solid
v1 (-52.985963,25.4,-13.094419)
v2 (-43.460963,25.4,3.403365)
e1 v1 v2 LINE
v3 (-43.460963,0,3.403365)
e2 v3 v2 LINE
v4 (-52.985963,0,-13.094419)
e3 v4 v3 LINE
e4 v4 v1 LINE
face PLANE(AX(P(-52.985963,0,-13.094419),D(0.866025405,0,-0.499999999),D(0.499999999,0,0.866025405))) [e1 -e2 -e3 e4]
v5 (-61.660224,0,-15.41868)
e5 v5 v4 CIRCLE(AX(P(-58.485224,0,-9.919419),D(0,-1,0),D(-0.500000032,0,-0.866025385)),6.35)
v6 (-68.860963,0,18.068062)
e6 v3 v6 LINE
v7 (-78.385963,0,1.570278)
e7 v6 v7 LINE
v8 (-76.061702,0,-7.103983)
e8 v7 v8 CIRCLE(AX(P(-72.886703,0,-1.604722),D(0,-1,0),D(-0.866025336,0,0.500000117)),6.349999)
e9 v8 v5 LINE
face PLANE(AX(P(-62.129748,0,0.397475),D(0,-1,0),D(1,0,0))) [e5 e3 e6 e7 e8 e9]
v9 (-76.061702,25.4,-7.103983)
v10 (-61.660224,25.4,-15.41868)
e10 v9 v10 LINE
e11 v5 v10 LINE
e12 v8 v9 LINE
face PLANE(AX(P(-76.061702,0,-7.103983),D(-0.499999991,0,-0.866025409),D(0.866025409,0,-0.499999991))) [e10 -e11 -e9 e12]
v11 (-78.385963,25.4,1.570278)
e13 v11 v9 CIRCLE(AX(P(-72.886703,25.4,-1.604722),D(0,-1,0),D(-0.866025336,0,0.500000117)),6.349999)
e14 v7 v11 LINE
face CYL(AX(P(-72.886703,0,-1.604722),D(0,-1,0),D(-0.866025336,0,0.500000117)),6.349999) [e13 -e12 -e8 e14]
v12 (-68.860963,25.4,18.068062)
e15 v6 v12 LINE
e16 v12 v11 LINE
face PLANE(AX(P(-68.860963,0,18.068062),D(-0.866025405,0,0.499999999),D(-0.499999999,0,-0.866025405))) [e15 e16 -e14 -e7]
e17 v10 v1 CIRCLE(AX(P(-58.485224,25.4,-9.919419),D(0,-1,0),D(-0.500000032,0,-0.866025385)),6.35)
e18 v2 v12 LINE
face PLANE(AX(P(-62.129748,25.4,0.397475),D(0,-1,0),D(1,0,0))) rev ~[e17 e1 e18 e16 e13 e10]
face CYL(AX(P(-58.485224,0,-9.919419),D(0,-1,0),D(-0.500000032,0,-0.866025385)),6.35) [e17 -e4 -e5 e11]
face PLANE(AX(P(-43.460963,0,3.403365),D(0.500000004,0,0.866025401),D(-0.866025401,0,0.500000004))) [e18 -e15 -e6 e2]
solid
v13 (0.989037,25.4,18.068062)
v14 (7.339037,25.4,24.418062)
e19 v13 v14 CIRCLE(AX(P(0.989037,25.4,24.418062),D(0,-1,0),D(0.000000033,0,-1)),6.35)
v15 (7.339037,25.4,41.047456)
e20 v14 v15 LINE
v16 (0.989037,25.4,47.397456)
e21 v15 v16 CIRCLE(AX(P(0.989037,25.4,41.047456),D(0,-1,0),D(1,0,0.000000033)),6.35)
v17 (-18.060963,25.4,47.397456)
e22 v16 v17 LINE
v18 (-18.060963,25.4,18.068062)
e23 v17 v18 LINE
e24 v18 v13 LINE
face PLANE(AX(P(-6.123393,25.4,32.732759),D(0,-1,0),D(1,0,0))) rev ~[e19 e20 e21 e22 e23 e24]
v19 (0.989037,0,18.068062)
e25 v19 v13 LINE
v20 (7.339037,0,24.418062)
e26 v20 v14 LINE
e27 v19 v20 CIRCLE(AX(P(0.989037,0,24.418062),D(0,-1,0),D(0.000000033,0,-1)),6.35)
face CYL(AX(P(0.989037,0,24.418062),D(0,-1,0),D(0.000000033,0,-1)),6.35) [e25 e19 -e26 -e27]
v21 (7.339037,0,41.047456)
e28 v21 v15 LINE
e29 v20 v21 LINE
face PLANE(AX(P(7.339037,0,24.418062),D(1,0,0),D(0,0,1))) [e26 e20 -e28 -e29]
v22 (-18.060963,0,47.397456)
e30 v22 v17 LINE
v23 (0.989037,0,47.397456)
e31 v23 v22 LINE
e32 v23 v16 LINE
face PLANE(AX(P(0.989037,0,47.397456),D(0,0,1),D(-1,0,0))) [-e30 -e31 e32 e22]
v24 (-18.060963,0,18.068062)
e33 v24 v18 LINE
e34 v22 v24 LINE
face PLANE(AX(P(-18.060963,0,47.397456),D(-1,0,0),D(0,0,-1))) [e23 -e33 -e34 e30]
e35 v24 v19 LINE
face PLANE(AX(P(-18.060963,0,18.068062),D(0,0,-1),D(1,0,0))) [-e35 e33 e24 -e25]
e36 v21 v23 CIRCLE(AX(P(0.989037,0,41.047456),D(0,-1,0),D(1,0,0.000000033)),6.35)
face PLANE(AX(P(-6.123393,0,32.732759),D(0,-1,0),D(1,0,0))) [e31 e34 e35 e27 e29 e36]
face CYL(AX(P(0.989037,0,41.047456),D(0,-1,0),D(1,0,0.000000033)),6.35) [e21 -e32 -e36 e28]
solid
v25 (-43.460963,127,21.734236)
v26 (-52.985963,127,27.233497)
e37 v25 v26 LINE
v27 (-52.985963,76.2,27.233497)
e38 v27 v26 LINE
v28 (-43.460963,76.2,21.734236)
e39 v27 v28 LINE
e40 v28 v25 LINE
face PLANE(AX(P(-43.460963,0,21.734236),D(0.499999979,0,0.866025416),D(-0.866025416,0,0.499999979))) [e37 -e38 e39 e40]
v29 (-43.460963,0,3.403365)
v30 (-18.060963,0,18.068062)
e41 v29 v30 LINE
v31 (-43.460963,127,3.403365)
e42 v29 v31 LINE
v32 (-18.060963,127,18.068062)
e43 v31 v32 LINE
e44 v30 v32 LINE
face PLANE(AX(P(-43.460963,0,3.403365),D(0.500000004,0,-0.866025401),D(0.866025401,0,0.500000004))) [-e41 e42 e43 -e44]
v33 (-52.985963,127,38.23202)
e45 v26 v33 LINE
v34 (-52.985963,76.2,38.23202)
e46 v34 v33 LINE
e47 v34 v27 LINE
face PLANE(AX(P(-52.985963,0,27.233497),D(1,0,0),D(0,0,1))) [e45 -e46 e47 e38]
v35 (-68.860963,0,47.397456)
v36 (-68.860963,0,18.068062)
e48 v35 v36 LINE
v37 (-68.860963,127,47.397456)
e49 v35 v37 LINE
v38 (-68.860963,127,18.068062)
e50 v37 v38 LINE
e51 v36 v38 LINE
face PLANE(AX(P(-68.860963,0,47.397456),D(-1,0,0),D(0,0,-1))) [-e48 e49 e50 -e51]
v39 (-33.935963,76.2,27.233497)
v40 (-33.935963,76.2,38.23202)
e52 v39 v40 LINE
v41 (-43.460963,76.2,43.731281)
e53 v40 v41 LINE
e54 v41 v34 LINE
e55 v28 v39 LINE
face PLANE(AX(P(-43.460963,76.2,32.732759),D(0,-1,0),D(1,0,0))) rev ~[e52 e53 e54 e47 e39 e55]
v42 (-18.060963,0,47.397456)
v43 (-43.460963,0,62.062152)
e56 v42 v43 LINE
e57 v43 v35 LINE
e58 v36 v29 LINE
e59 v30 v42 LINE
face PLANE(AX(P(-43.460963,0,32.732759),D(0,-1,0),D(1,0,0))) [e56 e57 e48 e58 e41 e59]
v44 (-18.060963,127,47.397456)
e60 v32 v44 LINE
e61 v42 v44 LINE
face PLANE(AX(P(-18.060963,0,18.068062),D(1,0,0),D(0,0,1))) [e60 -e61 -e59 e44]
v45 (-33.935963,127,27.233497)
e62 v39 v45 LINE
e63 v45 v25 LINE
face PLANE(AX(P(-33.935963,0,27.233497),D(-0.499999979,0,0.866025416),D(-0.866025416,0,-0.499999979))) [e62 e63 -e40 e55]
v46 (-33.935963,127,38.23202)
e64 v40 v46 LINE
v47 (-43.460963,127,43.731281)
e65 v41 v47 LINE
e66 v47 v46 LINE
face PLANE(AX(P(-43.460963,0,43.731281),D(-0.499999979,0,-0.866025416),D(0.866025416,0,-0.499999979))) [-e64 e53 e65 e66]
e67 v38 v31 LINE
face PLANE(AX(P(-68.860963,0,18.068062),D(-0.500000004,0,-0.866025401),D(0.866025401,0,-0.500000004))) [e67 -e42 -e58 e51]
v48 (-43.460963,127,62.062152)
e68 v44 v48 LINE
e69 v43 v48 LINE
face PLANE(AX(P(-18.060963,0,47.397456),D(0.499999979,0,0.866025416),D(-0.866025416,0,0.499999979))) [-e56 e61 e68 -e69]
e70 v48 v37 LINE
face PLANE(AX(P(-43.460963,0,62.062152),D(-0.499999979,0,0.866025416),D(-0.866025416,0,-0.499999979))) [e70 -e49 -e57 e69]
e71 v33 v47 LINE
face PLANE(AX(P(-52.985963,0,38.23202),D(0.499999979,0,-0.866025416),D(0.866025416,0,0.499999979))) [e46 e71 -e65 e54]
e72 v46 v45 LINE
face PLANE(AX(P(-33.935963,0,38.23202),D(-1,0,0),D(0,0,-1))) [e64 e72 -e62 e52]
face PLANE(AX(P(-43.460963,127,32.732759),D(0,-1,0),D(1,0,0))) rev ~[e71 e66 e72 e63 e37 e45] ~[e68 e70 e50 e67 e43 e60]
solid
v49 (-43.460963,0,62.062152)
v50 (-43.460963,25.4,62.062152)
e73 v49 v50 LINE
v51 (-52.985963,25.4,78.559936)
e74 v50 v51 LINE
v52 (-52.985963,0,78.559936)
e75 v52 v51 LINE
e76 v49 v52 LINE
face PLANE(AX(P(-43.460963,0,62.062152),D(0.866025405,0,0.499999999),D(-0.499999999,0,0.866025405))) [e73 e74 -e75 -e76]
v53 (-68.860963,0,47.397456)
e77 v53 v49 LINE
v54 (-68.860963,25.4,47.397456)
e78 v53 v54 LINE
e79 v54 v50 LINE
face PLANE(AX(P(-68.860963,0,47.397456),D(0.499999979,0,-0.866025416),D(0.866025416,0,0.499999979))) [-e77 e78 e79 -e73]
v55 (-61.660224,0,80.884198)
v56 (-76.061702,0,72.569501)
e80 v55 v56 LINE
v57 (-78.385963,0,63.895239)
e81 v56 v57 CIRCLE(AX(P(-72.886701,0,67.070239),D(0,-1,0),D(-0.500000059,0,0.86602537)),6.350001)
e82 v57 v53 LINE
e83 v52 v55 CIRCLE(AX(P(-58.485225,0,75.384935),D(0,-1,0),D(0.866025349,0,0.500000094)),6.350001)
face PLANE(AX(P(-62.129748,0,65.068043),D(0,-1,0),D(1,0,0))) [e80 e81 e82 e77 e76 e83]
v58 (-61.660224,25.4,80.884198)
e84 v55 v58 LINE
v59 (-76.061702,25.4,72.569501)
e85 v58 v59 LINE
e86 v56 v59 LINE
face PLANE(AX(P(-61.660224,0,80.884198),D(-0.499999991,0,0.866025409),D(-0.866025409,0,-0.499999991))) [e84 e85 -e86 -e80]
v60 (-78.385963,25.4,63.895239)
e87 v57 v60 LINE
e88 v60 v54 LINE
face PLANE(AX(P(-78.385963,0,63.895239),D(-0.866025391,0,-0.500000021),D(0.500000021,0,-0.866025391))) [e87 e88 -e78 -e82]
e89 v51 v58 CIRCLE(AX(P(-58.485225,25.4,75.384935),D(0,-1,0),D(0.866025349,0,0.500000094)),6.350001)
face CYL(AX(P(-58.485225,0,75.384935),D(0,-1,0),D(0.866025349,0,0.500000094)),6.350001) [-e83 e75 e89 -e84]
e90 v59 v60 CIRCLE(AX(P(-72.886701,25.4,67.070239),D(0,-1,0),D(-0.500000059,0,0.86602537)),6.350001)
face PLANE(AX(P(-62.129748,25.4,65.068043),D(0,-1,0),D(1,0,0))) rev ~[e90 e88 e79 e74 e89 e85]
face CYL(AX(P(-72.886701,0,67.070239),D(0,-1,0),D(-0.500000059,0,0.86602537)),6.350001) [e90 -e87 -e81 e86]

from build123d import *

# Parameters (mm, degrees)
F1_DEPTH = 76.2
F2_DEPTH = 127
F3_DEPTH = 25.4


with BuildPart() as f1:
    # F0 (on Front) → F1 (new body)
    with BuildSketch(Plane.XZ):
        Polygon((-33.935963, 27.233497), (-33.935963, 38.23202), (-43.460963, 43.731281), (-52.985963, 38.23202), (-52.985963, 27.233497), (-43.460963, 21.734236), align=None)
    extrude(amount=-F1_DEPTH)

    # F0 (on Front) → F2 (join)
    with BuildSketch(Plane.XZ):
        Polygon((-18.060963, 18.068062), (-18.060963, 47.397456), (-43.460963, 62.062152), (-68.860963, 47.397456), (-68.860963, 18.068062), (-43.460963, 3.403365), align=None)
        Polygon((-43.460963, 43.731281), (-33.935963, 38.23202), (-33.935963, 27.233497), (-43.460963, 21.734236), (-52.985963, 27.233497), (-52.985963, 38.23202), align=None, mode=Mode.SUBTRACT)
    extrude(amount=-F2_DEPTH)


with BuildPart() as f3:
    # F0 (on Front) → F3 (new body)
    with BuildSketch(Plane.XZ):
        with BuildLine():
            Line((-68.860963, 47.397456), (-43.460963, 62.062152))
            Line((-43.460963, 62.062152), (-52.985963, 78.559936))
            ThreePointArc((-52.985963, 78.559936), (-56.841724, 81.518565), (-61.660224, 80.884198))
            Line((-61.660224, 80.884198), (-76.061702, 72.569501))
            ThreePointArc((-76.061702, 72.569501), (-79.020331, 68.71374), (-78.385963, 63.895239))
            Line((-78.385963, 63.895239), (-68.860963, 47.397456))
        make_face()
        with BuildLine():
            Line((-52.985963, -13.094419), (-43.460963, 3.403365))
            Line((-43.460963, 3.403365), (-68.860963, 18.068062))
            Line((-68.860963, 18.068062), (-78.385963, 1.570278))
            ThreePointArc((-78.385963, 1.570278), (-79.020331, -3.248223), (-76.061702, -7.103983))
            Line((-76.061702, -7.103983), (-61.660224, -15.41868))
            ThreePointArc((-61.660224, -15.41868), (-56.841724, -16.053048), (-52.985963, -13.094419))
        make_face()
        with BuildLine():
            Line((0.989037, 47.397456), (-18.060963, 47.397456))
            Line((-18.060963, 47.397456), (-18.060963, 18.068062))
            Line((-18.060963, 18.068062), (0.989037, 18.068062))
            ThreePointArc((0.989037, 18.068062), (5.479165, 19.927934), (7.339037, 24.418062))
            Line((7.339037, 24.418062), (7.339037, 41.047456))
            ThreePointArc((7.339037, 41.047456), (5.479165, 45.537584), (0.989037, 47.397456))
        make_face()
    extrude(amount=-F3_DEPTH)


solid = Compound([f1.part, f3.part])
